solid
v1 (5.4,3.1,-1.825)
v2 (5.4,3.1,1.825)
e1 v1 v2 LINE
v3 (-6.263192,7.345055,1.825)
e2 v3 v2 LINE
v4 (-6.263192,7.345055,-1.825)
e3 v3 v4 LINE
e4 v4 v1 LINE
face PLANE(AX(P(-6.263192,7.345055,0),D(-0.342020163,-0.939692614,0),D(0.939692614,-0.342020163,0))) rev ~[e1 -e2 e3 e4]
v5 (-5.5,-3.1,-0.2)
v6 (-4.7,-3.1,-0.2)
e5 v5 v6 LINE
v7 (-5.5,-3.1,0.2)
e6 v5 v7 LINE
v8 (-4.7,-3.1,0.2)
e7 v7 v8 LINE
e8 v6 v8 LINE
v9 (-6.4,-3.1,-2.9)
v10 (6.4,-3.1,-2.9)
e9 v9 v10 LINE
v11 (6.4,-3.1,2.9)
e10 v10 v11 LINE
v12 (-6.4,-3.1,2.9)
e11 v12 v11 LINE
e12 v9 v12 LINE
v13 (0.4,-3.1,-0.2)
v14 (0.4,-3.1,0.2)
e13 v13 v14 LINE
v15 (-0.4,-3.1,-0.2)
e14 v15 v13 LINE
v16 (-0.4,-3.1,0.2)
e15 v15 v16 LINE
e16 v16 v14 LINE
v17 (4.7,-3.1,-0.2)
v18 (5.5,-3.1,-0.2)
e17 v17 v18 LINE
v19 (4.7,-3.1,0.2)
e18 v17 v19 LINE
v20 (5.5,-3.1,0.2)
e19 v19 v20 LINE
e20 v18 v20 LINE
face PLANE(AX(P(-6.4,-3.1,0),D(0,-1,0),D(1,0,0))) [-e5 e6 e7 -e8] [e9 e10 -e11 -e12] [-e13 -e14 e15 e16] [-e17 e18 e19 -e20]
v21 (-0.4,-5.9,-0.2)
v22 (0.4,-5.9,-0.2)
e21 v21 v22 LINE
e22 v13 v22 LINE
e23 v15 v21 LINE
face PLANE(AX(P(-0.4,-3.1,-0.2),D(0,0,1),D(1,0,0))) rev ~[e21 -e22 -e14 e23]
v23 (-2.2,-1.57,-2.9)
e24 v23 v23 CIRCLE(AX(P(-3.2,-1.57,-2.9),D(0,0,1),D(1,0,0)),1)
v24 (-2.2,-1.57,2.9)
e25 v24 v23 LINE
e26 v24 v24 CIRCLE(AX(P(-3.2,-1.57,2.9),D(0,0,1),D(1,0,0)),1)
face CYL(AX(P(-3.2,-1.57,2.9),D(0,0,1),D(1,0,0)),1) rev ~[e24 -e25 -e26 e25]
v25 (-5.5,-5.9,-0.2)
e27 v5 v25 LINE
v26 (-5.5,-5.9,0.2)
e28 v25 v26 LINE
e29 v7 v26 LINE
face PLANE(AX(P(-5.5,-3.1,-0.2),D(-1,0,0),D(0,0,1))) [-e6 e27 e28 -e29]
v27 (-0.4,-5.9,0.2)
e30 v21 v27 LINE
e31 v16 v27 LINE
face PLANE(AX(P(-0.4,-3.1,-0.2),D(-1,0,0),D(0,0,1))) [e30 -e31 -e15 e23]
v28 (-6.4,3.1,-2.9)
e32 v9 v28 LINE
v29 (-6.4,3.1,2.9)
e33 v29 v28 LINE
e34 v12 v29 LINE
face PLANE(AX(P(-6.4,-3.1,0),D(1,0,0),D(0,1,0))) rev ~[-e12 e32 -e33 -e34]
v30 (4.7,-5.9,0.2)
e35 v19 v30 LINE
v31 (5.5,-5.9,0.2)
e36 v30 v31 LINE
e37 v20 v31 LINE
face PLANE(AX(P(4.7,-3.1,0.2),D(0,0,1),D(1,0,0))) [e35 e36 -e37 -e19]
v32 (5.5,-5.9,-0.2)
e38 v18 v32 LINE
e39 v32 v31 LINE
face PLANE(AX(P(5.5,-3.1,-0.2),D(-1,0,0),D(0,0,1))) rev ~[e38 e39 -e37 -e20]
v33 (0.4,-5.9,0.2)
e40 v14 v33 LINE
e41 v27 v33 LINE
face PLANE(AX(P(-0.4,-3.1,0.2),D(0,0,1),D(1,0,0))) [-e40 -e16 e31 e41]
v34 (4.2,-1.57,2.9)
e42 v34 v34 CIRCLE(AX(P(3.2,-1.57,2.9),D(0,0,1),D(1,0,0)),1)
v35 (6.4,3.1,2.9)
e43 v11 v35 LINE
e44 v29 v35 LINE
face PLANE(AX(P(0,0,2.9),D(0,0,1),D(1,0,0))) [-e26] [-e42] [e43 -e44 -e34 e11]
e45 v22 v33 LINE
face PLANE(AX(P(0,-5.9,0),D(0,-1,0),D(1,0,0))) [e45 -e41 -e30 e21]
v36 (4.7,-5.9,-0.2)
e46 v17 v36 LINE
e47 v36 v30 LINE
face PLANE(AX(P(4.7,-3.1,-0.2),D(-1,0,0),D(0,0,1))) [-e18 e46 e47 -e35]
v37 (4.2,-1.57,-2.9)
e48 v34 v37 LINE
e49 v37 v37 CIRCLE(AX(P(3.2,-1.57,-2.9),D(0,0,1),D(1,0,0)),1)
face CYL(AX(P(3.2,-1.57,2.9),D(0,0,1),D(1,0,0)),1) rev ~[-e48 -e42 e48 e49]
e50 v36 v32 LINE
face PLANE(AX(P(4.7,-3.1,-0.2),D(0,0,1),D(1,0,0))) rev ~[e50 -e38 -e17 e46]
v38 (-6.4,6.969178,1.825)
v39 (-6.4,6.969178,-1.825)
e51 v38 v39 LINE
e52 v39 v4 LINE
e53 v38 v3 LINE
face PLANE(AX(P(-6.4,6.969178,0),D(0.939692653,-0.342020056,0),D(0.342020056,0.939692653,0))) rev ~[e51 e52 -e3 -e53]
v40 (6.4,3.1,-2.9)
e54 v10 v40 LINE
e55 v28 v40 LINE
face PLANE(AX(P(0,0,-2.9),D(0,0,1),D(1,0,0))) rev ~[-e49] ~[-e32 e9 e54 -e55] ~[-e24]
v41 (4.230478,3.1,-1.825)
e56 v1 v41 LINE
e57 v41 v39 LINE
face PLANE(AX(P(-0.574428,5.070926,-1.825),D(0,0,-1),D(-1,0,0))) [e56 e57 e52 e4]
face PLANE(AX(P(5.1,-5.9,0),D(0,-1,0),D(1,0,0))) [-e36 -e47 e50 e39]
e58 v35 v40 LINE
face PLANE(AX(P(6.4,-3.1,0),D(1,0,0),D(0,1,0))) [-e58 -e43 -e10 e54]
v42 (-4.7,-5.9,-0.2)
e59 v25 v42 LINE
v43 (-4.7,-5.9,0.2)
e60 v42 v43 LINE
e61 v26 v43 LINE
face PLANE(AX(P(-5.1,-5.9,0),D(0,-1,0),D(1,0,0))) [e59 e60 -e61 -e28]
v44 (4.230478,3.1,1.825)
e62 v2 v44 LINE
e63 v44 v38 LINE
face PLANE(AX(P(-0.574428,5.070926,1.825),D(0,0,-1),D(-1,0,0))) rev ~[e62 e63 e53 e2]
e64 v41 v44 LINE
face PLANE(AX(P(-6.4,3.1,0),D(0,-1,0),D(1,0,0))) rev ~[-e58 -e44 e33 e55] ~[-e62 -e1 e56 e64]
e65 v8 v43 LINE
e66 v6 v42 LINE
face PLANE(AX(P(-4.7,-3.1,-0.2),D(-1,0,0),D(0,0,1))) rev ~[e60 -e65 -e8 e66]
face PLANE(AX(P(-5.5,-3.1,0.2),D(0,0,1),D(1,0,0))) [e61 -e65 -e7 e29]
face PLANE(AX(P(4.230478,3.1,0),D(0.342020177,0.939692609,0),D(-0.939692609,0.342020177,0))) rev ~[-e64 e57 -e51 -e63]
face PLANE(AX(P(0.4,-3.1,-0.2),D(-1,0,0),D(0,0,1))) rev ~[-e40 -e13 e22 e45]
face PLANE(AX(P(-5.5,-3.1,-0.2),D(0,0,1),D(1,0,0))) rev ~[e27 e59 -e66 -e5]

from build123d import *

# Parameters (mm, degrees)
SKETCH_W     = 12.8
SKETCH_H     = 6.2
PAD_DEPTH    = 2.9
SKETCH001_W  = 0.8
SKETCH001_H  = 0.4
PAD001_DEPTH = 2.8
PAD002_DEPTH = 1.825
SKETCH003_R  = 1
POCKET_DEPTH = 5.801


with BuildPart() as part:
    # Sketch → Pad (new body, symmetric)
    with BuildSketch(Plane.XY):
        Rectangle(SKETCH_W, SKETCH_H)
    extrude(amount=PAD_DEPTH, both=True)

    # Sketch001 (on Face3 of Pad) → Pad001 (join)
    with BuildSketch(Plane.XZ.offset(3.1)):
        with Locations((-5.1, 0)):
            Rectangle(SKETCH001_W, SKETCH001_H)
        Rectangle(SKETCH001_W, SKETCH001_H)
        with Locations((5.1, 0)):
            Rectangle(SKETCH001_W, SKETCH001_H)
    extrude(amount=PAD001_DEPTH)

    # Sketch002 → Pad002 (join, symmetric)
    with BuildSketch(Plane.XY):
        Polygon((4.230478, 3.1), (-6.4, 6.969178), (-6.263192, 7.345055), (5.4, 3.1), align=None)
    extrude(amount=PAD002_DEPTH, both=True)

    # Sketch003 (on Face4 of Pad002) → Pocket (cut, through all)
    with BuildSketch(Plane.XY.offset(2.9)):
        with Locations((-3.2, -1.57)):
            Circle(SKETCH003_R)
        with Locations((3.2, -1.57)):
            Circle(SKETCH003_R)
    extrude(amount=-POCKET_DEPTH, mode=Mode.SUBTRACT)


solid = part.part
